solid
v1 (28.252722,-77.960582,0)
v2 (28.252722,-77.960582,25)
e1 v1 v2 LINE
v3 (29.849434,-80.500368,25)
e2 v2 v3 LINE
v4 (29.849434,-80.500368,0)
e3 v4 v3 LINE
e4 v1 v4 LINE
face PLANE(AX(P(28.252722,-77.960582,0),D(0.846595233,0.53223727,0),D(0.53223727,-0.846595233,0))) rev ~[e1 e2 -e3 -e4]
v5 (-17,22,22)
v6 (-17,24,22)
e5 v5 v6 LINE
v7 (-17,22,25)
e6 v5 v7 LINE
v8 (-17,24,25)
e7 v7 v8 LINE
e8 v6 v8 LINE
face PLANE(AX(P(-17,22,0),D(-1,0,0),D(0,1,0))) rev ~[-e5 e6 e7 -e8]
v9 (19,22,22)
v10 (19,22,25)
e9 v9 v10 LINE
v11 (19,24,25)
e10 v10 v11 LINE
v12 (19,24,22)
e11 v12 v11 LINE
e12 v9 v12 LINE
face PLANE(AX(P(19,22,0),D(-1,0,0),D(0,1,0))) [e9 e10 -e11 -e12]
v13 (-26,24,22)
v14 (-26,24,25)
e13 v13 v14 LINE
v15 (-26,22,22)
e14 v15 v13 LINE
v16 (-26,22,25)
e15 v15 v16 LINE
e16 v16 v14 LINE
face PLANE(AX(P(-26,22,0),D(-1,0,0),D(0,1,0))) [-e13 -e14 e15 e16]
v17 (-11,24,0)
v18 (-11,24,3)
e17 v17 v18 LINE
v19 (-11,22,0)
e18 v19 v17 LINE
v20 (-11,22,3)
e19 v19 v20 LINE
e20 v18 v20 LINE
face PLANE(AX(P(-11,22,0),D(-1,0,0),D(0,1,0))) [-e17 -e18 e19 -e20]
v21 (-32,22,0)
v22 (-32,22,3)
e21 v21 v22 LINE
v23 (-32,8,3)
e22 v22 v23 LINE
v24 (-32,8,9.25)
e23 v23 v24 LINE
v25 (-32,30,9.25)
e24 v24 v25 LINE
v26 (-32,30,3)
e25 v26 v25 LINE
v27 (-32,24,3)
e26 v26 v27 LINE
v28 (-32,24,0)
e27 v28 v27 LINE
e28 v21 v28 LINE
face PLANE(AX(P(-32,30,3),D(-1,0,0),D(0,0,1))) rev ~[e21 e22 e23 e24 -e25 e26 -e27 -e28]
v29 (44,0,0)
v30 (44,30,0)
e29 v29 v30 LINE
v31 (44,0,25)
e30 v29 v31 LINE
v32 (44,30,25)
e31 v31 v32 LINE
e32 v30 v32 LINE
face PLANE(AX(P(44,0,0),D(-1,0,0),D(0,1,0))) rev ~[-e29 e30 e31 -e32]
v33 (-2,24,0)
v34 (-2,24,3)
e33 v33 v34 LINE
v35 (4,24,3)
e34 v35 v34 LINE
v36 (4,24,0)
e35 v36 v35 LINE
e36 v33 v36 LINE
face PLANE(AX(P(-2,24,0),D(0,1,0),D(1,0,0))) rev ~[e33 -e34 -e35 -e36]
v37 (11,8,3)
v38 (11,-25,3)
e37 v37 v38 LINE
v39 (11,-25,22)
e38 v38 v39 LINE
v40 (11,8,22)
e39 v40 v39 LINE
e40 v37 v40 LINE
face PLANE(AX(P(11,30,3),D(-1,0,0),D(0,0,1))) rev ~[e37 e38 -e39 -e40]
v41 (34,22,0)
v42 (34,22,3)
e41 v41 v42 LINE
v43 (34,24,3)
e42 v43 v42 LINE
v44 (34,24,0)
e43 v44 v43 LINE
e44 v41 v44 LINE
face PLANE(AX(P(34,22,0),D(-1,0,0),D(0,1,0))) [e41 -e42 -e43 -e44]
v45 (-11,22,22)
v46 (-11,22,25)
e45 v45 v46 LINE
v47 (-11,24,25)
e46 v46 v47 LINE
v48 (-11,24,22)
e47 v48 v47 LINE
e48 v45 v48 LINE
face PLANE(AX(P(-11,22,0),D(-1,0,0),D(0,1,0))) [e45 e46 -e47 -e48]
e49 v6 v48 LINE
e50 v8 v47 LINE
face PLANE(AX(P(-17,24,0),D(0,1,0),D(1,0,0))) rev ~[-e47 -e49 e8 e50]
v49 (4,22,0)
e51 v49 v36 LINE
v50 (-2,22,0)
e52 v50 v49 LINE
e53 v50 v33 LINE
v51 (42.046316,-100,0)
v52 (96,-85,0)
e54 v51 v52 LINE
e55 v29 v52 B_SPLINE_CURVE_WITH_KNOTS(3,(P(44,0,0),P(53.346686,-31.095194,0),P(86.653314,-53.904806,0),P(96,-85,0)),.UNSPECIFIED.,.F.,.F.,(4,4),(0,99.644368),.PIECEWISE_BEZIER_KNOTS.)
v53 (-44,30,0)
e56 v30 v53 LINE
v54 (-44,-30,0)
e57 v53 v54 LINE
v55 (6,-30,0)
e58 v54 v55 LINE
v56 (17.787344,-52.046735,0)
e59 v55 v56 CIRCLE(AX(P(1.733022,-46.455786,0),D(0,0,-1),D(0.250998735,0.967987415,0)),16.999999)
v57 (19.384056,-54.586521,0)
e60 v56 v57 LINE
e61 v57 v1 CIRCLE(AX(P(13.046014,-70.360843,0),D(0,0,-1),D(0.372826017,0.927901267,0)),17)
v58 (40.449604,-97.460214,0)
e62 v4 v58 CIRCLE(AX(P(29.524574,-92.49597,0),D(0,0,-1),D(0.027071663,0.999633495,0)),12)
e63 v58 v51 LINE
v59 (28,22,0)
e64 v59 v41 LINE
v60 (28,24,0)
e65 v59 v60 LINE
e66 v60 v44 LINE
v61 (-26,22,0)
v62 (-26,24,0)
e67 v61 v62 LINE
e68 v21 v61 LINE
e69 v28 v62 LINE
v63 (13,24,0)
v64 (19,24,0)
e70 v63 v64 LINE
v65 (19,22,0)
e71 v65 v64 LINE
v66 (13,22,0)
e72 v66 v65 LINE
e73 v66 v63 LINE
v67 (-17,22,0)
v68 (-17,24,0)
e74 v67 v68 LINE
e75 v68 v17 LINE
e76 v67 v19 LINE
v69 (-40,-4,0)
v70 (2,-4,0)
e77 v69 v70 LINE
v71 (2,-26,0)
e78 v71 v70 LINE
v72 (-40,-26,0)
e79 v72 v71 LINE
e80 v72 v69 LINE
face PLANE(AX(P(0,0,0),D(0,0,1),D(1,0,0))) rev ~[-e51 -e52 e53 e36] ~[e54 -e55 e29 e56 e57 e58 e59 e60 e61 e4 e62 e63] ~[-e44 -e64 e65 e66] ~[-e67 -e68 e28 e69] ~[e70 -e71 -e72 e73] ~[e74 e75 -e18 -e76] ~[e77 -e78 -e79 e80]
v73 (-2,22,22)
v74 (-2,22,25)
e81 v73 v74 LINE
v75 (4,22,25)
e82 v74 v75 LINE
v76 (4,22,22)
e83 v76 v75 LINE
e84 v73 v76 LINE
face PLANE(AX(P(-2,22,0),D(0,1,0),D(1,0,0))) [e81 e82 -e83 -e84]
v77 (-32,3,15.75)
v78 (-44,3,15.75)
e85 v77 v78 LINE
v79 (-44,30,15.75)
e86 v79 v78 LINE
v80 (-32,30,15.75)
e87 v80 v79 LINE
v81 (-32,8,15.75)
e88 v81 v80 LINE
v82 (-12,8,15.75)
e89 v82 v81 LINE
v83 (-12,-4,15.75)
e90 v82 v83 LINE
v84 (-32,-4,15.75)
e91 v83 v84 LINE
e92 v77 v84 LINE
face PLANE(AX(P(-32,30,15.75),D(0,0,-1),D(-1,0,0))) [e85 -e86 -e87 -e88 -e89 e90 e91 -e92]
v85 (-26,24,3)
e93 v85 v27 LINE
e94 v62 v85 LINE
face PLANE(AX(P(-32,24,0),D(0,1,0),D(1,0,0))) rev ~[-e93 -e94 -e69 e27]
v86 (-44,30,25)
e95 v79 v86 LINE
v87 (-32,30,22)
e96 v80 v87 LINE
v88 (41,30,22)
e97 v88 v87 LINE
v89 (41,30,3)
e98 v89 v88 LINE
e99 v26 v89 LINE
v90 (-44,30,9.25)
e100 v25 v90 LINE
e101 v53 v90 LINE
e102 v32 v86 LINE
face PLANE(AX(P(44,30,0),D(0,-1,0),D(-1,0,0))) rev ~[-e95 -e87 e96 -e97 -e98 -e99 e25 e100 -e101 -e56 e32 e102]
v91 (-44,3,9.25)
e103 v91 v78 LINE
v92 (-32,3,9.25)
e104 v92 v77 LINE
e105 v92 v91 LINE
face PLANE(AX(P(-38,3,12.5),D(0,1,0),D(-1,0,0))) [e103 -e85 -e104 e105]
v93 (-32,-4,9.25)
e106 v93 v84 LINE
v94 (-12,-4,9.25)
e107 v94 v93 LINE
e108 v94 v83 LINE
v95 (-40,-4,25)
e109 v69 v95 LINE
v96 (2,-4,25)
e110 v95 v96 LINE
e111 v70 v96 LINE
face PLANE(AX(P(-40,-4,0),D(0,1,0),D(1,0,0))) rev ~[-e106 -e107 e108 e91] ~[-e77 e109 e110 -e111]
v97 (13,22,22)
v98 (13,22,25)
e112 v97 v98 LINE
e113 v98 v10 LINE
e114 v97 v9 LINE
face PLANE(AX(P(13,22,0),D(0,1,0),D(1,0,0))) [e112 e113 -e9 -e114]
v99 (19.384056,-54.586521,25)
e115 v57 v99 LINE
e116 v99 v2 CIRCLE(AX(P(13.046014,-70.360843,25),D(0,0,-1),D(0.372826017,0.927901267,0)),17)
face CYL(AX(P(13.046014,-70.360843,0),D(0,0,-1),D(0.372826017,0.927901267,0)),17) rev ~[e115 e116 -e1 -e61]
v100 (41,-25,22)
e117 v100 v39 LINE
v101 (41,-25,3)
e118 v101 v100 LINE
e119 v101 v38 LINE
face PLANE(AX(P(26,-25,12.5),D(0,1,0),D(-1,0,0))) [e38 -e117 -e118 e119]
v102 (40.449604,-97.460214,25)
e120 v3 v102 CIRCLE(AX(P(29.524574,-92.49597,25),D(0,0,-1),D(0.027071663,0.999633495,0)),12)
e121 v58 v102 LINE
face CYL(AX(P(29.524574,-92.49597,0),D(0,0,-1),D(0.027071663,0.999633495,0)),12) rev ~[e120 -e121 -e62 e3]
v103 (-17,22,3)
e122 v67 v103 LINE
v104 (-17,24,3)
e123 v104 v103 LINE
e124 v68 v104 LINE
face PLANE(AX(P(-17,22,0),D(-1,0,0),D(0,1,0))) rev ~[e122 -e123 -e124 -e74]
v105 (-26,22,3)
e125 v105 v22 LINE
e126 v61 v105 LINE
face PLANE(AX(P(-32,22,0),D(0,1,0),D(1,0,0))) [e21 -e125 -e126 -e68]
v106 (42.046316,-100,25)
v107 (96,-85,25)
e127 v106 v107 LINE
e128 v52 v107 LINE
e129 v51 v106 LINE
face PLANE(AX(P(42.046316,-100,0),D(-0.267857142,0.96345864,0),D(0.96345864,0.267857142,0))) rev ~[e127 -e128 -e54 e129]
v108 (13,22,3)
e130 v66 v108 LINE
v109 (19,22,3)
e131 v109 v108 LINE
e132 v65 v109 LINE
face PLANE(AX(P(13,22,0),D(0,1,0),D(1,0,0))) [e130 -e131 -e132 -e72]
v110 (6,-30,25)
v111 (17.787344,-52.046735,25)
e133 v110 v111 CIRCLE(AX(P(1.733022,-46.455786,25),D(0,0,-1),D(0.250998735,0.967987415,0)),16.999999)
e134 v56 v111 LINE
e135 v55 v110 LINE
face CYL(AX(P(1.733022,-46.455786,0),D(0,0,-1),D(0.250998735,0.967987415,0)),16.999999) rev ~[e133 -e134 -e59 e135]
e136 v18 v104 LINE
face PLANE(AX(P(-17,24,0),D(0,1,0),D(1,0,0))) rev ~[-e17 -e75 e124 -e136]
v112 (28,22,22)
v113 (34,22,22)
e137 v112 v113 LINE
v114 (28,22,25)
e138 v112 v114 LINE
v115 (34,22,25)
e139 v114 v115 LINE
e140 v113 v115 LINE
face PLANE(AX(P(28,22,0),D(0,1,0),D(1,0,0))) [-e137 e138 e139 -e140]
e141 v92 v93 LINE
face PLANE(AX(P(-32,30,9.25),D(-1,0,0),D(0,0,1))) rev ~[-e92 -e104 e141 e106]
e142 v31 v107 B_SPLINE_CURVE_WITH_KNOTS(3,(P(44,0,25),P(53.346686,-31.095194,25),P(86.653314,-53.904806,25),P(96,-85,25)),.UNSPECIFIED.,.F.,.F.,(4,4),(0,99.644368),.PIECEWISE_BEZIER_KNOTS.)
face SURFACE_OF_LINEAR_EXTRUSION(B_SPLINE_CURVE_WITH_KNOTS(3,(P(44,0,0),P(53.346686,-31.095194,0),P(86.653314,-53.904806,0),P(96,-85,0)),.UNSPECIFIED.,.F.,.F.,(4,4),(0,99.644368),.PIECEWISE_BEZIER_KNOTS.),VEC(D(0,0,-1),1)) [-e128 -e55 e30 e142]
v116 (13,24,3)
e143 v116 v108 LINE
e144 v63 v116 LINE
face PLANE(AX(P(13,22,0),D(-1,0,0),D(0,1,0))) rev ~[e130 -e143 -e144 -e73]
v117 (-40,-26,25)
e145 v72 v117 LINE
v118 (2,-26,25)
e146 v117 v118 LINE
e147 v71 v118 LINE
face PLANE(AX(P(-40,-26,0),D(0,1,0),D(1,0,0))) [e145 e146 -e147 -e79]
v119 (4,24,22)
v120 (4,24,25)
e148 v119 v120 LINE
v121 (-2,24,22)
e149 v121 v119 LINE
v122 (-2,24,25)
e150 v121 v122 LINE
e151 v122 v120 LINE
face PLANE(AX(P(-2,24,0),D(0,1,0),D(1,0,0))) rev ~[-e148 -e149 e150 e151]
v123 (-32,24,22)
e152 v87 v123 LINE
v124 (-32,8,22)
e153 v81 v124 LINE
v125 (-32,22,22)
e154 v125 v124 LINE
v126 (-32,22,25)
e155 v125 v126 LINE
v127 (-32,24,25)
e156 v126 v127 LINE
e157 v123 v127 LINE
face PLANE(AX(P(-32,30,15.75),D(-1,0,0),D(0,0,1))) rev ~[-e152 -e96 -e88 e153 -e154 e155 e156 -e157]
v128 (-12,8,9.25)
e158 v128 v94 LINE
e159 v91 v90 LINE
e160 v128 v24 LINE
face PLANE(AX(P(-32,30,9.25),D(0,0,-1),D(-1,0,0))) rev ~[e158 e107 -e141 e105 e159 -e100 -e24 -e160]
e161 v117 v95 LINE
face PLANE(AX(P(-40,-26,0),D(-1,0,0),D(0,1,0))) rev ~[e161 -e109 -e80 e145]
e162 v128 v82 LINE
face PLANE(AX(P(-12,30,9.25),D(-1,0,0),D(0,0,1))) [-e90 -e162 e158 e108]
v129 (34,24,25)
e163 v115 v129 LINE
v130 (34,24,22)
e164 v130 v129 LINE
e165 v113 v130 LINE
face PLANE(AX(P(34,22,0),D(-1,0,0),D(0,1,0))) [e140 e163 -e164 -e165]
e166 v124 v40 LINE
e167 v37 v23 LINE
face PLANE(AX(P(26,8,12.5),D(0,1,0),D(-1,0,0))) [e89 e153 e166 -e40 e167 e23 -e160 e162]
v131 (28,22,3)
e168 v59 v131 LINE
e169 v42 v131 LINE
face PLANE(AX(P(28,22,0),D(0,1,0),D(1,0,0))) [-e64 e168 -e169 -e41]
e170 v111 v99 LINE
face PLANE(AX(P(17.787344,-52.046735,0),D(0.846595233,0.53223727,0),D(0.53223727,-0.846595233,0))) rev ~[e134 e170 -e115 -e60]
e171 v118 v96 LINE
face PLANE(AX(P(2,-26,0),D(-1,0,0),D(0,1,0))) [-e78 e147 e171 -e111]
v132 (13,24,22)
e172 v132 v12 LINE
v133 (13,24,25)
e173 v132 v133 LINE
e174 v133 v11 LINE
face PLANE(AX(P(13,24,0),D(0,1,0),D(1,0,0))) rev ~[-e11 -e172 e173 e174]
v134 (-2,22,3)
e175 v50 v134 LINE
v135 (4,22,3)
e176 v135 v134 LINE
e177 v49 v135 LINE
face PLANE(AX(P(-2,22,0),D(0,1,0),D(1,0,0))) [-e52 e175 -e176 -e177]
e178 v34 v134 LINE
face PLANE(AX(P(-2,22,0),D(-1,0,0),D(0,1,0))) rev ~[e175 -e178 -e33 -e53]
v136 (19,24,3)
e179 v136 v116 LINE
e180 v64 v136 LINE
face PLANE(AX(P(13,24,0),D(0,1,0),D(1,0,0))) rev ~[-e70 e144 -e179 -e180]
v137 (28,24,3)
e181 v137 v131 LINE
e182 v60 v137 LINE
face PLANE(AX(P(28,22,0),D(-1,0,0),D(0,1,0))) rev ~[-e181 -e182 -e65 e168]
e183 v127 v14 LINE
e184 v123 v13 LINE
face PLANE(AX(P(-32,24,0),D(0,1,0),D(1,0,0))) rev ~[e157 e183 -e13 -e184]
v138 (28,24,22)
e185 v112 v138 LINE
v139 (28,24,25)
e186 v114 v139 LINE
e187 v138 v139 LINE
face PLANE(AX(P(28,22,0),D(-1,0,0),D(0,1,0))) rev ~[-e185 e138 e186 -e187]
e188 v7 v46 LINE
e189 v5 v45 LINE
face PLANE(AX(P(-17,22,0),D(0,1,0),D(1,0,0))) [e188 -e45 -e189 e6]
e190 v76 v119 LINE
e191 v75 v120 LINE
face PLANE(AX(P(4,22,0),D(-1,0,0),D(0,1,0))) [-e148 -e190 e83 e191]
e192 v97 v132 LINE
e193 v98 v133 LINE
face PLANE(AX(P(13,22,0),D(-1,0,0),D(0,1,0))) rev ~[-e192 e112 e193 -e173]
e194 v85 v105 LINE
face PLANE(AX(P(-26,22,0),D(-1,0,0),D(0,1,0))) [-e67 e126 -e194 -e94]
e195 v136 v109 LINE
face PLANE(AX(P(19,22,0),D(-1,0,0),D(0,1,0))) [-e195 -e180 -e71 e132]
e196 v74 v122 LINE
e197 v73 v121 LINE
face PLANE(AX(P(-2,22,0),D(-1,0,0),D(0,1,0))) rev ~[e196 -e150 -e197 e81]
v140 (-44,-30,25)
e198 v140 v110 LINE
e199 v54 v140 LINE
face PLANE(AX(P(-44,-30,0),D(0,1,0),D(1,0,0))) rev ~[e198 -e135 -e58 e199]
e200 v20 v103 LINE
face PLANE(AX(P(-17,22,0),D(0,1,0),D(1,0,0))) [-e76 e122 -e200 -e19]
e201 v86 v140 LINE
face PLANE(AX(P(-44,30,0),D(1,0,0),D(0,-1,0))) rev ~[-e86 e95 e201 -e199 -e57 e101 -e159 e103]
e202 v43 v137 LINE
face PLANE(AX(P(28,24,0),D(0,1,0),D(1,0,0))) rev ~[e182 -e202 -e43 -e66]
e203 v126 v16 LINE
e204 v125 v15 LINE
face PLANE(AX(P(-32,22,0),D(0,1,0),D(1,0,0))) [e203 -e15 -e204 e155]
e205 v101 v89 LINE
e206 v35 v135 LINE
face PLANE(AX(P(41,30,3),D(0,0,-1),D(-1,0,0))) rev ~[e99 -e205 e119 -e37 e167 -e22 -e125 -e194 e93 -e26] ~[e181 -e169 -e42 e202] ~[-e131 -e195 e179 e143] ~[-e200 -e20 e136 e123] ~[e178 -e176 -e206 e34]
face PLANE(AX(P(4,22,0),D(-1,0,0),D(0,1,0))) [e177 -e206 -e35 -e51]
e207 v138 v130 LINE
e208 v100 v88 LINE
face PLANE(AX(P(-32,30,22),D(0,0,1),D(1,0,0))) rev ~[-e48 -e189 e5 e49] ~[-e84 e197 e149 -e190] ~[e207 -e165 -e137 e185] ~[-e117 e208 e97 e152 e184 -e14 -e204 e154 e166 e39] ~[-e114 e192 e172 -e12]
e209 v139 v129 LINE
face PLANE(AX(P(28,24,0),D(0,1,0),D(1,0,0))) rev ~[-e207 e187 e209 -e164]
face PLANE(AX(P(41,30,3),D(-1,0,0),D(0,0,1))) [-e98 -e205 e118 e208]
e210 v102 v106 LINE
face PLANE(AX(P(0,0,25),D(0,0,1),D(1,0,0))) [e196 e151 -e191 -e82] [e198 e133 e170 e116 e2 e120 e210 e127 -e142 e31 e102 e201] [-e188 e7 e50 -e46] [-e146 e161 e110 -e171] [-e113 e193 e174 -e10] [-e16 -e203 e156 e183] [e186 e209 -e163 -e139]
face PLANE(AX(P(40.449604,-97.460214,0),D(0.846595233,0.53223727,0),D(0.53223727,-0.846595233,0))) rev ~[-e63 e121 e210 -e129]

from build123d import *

# Parameters (mm, degrees)
F0_W     = 42
F0_H     = 22
F0_W_2   = 6
F0_H_2   = 2
F1_DEPTH = 25
F2_W     = 30
F2_H     = 19
F2_W_2   = 20
F2_H_2   = 6.5
F2_W_3   = 12
F3_DEPTH = 22
F4_DEPTH = 55
F5_DEPTH = 34
F6_DEPTH = 27


with BuildPart() as f1:
    # F0 (on Top) → F1 (new body)
    with BuildSketch(Plane.XY):
        Polygon((44, 30), (-44, 30), (-44, -30), (6, -30), (44, -30), (44, 0), align=None)
        with Locations((-19, -15)):
            Rectangle(F0_W, F0_H, mode=Mode.SUBTRACT)
        with Locations((-29, 23)):
            Rectangle(F0_W_2, F0_H_2, mode=Mode.SUBTRACT)
        with Locations((-14, 23)):
            Rectangle(F0_W_2, F0_H_2, mode=Mode.SUBTRACT)
        with Locations((1, 23)):
            Rectangle(F0_W_2, F0_H_2, mode=Mode.SUBTRACT)
        with Locations((16, 23)):
            Rectangle(F0_W_2, F0_H_2, mode=Mode.SUBTRACT)
        with Locations((31, 23)):
            Rectangle(F0_W_2, F0_H_2, mode=Mode.SUBTRACT)
        with BuildLine():
            add(Edge.make_bspline(
                [(44, 0), (53.346686, -31.095194), (86.653314, -53.904806), (96, -85)],
                knots=[0, 0, 0, 0, 99.644368, 99.644368, 99.644368, 99.644368], degree=3))
            Line((44, 0), (44, -30))
            Line((44, -30), (6, -30))
            ThreePointArc((6, -30), (16.724801, -38.440392), (17.787344, -52.046735))
            Line((17.787344, -52.046735), (19.384056, -54.586521))
            ThreePointArc((19.384056, -54.586521), (28.940376, -64.33015), (28.252722, -77.960582))
            Line((28.252722, -77.960582), (29.849434, -80.500368))
            ThreePointArc((29.849434, -80.500368), (39.700482, -86.135868), (40.449604, -97.460214))
            Line((40.449604, -97.460214), (42.046316, -100))
            Line((42.046316, -100), (96, -85))
        make_face()
    extrude(amount=F1_DEPTH)

    # F2 (on face) → F3 (cut)
    with BuildSketch(Plane(origin=(0, 30, 0), x_dir=(-1, 0, 0), z_dir=(0, 1, 0))):
        with Locations((-26, 12.5)):
            Rectangle(F2_W, F2_H)
        Polygon((32, 22), (-11, 22), (-11, 3), (32, 3), (32, 9.25), (12, 9.25), (12, 15.75), (32, 15.75), align=None)
        with Locations((22, 12.5)):
            Rectangle(F2_W_2, F2_H_2)
        with Locations((38, 12.5)):
            Rectangle(F2_W_3, F2_H_2)
    extrude(amount=-F3_DEPTH, mode=Mode.SUBTRACT)

    # F2 (on face) → F4 (cut)
    with BuildSketch(Plane(origin=(0, 30, 0), x_dir=(-1, 0, 0), z_dir=(0, 1, 0))):
        with Locations((-26, 12.5)):
            Rectangle(F2_W, F2_H)
    extrude(amount=-F4_DEPTH, mode=Mode.SUBTRACT)

    # F2 (on face) → F5 (cut, through all)
    with BuildSketch(Plane(origin=(0, 30, 0), x_dir=(-1, 0, 0), z_dir=(0, 1, 0))):
        with Locations((22, 12.5)):
            Rectangle(F2_W_2, F2_H_2)
    extrude(amount=-F5_DEPTH, mode=Mode.SUBTRACT)

    # F2 (on face) → F6 (cut)
    with BuildSketch(Plane(origin=(0, 30, 0), x_dir=(-1, 0, 0), z_dir=(0, 1, 0))):
        with Locations((38, 12.5)):
            Rectangle(F2_W_3, F2_H_2)
    extrude(amount=-F6_DEPTH, mode=Mode.SUBTRACT)


solid = f1.part
